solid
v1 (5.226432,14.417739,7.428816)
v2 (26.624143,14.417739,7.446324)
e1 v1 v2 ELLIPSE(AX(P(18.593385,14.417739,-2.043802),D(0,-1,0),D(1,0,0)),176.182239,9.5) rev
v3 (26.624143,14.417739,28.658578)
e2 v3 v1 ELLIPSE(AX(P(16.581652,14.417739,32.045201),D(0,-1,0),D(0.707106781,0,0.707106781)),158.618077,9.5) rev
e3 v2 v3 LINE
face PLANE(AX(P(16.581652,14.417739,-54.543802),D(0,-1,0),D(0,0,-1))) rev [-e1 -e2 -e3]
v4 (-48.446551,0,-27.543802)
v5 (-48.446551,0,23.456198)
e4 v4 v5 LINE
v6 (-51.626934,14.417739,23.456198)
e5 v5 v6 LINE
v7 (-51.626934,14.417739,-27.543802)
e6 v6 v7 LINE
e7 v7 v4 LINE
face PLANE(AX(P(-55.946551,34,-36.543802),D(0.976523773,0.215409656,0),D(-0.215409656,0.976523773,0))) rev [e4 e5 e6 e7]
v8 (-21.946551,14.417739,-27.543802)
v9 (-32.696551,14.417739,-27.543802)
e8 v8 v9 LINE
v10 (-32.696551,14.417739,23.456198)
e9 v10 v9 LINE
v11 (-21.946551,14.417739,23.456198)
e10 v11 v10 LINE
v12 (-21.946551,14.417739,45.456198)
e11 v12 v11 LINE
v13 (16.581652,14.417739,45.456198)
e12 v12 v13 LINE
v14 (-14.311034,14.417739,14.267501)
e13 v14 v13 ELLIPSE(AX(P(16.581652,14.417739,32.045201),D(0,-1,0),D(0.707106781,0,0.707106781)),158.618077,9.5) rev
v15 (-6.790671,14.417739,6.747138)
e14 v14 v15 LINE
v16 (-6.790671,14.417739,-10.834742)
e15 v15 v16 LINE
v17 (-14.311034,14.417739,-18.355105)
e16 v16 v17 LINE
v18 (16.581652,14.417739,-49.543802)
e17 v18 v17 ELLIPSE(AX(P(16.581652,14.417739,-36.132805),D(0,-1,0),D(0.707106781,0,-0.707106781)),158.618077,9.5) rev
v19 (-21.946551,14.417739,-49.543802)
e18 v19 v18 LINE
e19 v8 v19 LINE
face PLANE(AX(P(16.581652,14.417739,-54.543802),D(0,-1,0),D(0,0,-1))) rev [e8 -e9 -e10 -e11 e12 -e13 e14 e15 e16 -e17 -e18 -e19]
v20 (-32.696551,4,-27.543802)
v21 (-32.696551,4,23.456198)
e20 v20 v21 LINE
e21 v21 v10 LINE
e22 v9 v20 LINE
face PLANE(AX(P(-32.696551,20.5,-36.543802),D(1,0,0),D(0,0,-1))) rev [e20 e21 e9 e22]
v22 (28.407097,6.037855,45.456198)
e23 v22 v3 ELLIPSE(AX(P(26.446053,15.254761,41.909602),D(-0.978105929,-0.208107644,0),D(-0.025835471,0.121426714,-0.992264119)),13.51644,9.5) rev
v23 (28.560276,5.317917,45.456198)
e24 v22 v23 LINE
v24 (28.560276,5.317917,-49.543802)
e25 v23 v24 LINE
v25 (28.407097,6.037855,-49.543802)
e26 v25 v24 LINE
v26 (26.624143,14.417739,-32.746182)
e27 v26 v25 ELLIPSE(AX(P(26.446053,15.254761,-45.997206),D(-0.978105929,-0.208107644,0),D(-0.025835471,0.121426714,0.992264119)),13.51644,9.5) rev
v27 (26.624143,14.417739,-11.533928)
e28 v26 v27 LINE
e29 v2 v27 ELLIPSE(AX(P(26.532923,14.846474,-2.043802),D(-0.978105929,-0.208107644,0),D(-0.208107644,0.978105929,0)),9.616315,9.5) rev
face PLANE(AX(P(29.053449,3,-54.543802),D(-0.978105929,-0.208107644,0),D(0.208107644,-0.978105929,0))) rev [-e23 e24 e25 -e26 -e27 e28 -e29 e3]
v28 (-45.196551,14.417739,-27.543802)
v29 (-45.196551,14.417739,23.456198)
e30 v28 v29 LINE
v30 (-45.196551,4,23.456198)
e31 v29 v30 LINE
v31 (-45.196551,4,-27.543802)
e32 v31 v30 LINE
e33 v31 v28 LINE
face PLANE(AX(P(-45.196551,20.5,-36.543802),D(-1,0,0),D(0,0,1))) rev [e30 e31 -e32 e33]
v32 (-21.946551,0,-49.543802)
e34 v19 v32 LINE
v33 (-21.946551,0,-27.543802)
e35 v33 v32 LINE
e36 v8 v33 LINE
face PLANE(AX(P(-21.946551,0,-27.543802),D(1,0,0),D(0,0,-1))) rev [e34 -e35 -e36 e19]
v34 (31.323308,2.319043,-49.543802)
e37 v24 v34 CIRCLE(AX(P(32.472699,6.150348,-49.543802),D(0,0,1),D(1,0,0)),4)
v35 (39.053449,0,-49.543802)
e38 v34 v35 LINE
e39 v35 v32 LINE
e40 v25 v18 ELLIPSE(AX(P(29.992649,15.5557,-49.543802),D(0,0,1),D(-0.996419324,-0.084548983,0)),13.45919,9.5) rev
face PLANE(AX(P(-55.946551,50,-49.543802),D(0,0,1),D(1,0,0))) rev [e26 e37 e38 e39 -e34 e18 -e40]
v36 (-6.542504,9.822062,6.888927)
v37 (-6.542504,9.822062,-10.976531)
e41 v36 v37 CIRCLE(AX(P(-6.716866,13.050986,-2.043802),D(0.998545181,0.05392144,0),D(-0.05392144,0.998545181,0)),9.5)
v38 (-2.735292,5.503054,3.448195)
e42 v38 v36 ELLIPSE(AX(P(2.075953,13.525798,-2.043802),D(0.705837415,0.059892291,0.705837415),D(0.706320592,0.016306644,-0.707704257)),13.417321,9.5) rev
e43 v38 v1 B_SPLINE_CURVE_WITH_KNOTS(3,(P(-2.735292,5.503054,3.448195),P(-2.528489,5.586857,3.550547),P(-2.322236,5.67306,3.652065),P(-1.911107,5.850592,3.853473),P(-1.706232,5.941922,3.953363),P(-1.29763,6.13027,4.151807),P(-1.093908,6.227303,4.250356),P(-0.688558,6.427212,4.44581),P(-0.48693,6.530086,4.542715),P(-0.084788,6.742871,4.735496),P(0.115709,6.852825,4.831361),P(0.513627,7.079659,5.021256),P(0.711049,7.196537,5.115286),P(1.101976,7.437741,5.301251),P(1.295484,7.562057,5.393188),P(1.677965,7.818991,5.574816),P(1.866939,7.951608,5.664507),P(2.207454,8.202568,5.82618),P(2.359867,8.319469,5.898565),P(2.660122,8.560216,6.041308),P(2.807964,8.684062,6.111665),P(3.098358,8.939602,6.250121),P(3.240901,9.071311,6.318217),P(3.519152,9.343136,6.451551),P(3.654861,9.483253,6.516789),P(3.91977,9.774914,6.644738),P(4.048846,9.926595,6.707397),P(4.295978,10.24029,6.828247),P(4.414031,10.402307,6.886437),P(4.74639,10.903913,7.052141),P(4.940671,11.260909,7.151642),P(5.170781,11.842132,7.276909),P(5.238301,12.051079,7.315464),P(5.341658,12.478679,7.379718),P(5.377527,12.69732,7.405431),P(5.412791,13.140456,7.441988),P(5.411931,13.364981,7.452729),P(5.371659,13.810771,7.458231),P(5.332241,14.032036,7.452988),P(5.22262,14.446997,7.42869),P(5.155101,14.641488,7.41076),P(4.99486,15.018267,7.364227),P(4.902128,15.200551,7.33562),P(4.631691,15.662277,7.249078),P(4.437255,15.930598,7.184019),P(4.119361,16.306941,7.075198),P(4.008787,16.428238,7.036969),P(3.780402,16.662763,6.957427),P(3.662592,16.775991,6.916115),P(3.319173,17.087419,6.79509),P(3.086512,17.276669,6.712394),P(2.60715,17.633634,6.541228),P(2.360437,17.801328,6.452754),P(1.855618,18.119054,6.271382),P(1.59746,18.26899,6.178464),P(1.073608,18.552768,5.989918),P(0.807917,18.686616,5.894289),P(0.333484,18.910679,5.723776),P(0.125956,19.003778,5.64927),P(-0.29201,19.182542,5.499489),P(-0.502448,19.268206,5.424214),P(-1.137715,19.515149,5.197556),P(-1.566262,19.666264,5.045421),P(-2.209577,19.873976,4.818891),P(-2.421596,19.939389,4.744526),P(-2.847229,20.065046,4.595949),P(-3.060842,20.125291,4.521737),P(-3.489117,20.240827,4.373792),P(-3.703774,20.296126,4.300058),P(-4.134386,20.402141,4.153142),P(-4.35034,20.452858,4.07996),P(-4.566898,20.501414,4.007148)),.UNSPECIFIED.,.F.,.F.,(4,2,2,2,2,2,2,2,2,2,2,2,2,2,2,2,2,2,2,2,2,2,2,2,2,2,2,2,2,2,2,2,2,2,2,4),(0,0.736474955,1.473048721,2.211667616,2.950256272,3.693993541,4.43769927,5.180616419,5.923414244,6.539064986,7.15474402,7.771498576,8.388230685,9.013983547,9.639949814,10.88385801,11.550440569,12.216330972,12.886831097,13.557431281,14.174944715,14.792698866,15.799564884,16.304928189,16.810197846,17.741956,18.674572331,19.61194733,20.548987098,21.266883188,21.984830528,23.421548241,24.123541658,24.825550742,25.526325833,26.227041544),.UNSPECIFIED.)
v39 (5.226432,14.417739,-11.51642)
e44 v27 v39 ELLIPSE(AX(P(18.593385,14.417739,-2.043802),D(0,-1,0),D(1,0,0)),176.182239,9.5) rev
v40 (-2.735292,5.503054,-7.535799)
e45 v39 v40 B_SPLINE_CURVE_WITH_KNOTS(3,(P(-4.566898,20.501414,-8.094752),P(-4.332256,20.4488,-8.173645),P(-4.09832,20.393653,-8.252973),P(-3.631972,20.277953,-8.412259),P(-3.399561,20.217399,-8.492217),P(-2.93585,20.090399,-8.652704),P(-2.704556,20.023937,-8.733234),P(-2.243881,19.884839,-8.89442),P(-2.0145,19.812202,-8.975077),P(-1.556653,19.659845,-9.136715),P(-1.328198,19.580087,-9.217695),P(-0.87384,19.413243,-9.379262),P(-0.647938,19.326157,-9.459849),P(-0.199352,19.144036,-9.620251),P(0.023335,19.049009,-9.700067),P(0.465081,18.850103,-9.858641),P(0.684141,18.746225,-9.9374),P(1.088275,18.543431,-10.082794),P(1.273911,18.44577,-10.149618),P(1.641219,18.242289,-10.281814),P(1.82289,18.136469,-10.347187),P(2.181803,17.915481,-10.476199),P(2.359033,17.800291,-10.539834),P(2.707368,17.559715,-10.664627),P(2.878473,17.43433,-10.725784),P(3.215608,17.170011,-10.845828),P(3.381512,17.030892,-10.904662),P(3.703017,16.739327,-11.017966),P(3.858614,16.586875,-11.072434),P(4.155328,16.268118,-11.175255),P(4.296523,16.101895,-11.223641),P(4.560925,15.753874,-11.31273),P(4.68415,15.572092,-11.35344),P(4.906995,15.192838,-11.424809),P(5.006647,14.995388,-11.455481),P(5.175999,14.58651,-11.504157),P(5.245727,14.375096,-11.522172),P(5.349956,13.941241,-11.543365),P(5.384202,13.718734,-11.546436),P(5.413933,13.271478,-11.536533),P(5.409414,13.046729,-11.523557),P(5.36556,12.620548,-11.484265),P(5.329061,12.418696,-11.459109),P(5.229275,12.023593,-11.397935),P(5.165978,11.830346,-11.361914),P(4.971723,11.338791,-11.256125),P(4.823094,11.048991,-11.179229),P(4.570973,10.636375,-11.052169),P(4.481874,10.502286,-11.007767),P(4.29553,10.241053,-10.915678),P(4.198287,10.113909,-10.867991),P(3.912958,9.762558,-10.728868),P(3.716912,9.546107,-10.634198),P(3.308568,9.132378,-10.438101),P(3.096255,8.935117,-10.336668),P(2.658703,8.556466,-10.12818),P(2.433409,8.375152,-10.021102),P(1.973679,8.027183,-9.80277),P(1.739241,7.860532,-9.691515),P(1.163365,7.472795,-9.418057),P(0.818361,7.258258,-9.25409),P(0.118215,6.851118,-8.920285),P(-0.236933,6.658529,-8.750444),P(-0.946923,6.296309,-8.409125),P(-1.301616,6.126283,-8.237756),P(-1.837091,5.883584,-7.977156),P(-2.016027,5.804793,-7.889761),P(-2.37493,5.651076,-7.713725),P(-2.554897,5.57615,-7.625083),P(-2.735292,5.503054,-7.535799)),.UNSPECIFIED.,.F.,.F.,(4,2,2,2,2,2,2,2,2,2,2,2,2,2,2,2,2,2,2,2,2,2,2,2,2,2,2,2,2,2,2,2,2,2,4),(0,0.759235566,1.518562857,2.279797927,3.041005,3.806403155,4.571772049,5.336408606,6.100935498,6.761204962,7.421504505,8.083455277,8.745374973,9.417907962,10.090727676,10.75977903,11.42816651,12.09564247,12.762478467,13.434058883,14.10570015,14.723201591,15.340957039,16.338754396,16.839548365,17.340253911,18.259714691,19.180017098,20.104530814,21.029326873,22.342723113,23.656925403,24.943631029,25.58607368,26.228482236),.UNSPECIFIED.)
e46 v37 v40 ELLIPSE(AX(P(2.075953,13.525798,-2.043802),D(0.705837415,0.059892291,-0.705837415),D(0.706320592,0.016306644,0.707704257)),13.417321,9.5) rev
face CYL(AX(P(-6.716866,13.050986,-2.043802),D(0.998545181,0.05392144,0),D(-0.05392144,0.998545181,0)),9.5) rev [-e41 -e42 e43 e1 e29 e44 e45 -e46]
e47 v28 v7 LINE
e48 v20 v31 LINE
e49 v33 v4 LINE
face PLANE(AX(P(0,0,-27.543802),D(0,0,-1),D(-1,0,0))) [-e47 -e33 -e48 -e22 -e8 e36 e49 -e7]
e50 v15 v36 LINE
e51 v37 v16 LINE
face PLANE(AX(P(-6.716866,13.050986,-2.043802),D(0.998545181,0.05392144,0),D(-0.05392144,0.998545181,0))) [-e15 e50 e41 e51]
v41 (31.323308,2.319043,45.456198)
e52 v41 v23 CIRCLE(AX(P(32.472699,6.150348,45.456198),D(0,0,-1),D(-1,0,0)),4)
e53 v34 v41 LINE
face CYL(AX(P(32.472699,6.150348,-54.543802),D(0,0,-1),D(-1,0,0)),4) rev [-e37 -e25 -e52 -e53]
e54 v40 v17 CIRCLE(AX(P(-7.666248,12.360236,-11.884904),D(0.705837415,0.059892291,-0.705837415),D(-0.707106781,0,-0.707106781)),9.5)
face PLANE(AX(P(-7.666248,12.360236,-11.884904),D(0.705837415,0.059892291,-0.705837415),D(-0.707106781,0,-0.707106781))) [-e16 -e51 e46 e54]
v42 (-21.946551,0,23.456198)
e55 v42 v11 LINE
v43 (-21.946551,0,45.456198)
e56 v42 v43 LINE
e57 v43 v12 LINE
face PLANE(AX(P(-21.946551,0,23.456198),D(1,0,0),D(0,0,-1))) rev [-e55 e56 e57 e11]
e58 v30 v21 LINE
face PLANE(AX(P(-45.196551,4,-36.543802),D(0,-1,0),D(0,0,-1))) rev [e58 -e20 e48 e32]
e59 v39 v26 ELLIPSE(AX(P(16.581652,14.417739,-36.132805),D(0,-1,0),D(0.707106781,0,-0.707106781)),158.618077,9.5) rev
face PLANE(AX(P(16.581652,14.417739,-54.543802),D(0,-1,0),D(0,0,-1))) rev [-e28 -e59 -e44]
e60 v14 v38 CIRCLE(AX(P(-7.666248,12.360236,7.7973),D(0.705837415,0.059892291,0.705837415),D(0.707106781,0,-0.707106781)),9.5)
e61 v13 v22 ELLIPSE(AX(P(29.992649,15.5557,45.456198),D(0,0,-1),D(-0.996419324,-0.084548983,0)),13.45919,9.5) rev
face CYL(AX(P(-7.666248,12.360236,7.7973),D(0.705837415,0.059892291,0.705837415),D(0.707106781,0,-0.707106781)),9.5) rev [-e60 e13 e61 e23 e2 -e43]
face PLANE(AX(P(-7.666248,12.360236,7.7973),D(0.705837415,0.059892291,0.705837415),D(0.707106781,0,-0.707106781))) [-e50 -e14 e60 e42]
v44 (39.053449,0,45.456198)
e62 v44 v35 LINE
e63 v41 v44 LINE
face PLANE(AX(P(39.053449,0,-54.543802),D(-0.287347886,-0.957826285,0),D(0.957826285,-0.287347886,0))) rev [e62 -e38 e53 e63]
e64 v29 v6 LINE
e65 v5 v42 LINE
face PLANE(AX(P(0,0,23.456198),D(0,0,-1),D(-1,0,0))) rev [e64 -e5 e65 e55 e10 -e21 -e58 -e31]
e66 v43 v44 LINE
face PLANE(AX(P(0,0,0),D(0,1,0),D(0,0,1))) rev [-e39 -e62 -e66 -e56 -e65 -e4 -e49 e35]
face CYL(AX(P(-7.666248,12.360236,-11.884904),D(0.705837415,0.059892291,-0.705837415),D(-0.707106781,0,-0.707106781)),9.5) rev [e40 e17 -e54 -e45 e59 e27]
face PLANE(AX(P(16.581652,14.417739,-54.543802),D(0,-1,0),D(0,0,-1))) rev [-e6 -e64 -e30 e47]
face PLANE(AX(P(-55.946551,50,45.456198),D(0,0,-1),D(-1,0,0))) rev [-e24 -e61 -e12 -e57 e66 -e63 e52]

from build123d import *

# Parameters (mm, degrees)
SKETCH1_W           = 95
SKETCH1_H           = 95
BOSS_EXTRUDE1_DEPTH = 50
CUT_EXTRUDE1_DEPTH  = 100
SKETCH3_R           = 9.5
CUT_EXTRUDE2_DEPTH  = 45
CUT_EXTRUDE4_DEPTH  = 45
CUT_EXTRUDE5_DEPTH  = 45
CUT_EXTRUDE6_DEPTH  = 45
CUT_EXTRUDE7_DEPTH  = 45
SKETCH9_R           = 9.5
CUT_EXTRUDE9_DEPTH  = 45
SKETCH11_R          = 9.5
CUT_EXTRUDE10_DEPTH = 45
SKETCH12_W          = 31.985759797
SKETCH12_H          = 95
BOSS_EXTRUDE2_DEPTH = 45
CUT_EXTRUDE11_DEPTH = 100
SKETCH14_R          = 9.5
CUT_EXTRUDE12_DEPTH = 100
SKETCH15_R          = 9.5
CUT_EXTRUDE13_DEPTH = 100
SKETCH16_R          = 9.5
CUT_EXTRUDE14_DEPTH = 100
FILLET2_R           = 4
SKETCH17_W          = 34
SKETCH17_H          = 34
CUT_EXTRUDE16_DEPTH = 22
SKETCH19_W          = 34
SKETCH19_H          = 34
CUT_EXTRUDE17_DEPTH = 22
SKETCH20_W          = 12.5
SKETCH20_H          = 16.5
CUT_EXTRUDE18_DEPTH = 60
CUT_EXTRUDE19_DEPTH = 60
CUT_EXTRUDE20_DEPTH = 100


with BuildPart() as part:
    # Sketch1 → Boss-Extrude1 (new body)
    with BuildSketch(Plane(origin=(0, 0, 0), x_dir=(1, 0, 0), z_dir=(0, 1, 0))):
        with Locations((-8.446550514, 2.043801884)):
            Rectangle(SKETCH1_W, SKETCH1_H)
    extrude(amount=BOSS_EXTRUDE1_DEPTH)

    # Sketch2 → Cut-Extrude1 (cut)
    with BuildSketch(Plane.XY.offset(45.456198116)):
        Polygon((39.053449486, 0), (36.353449486, 50), (39.053449486, 50), align=None)
    extrude(amount=-CUT_EXTRUDE1_DEPTH, mode=Mode.SUBTRACT)

    # Sketch3 → Cut-Extrude2 (cut)
    with BuildSketch(Plane(origin=(38.939900735, 2.10275464, 0), x_dir=(0, 0, -1), z_dir=(0.998545181, 0.05392144, 0))):
        with Locations((2.043801884, 13.394181776)):
            Circle(SKETCH3_R)
    extrude(amount=-CUT_EXTRUDE2_DEPTH, mode=Mode.SUBTRACT)

    # Sketch5 → Cut-Extrude4 (cut)
    with BuildSketch(Plane(origin=(0, 50, 0), x_dir=(1, 0, 0), z_dir=(0, 1, 0))):
        Polygon((39.053449486, 49.543801884), (39.053449486, 29.543801884), (19.053449486, 49.543801884), align=None)
        Polygon((39.053449486, -45.456198116), (39.053449486, -25.456198116), (19.053449486, -45.456198116), align=None)
    extrude(amount=-CUT_EXTRUDE4_DEPTH, mode=Mode.SUBTRACT)

    # Sketch6 → Cut-Extrude5 (cut)
    with BuildSketch(Plane(origin=(0, 50, 0), x_dir=(1, 0, 0), z_dir=(0, 1, 0))):
        Polygon((19.053449486, -45.456198116), (12.925569587, -39.328318218), (6.797689689, -45.456198116), align=None)
        Polygon((19.053449486, 49.543801884), (12.925569587, 43.415921985), (6.797689689, 49.543801884), align=None)
    extrude(amount=-CUT_EXTRUDE5_DEPTH, mode=Mode.SUBTRACT)

    # Sketch7 → Cut-Extrude6 (cut)
    with BuildSketch(Plane(origin=(-13.201374315, 0, 13.201374315), x_dir=(0.707106781, 0, 0.707106781), z_dir=(-0.707106781, 0, 0.707106781))):
        Polygon((45.615209271, 5), (42.915209271, 50), (45.615209271, 50), align=None)
    extrude(amount=-CUT_EXTRUDE6_DEPTH, mode=Mode.SUBTRACT)

    # Sketch8 → Cut-Extrude7 (cut)
    with BuildSketch(Plane(origin=(-15.245176199, 0, -15.245176199), x_dir=(-0.707106781, 0, 0.707106781), z_dir=(-0.707106781, 0, -0.707106781))):
        Polygon((-48.505581614, 5), (-45.805581614, 50), (-48.505581614, 50), align=None)
    extrude(amount=-CUT_EXTRUDE7_DEPTH, mode=Mode.SUBTRACT)

    # Sketch9 → Cut-Extrude9 (cut)
    with BuildSketch(Plane(origin=(34.386964646, 2.917830706, -34.386964646), x_dir=(-0.708373873, 0.059677836, -0.70331004), z_dir=(0.705837415, 0.059892291, -0.705837415))):
        with Locations((14.526974541, 11.311121921)):
            Circle(SKETCH9_R)
    extrude(amount=-CUT_EXTRUDE9_DEPTH, mode=Mode.SUBTRACT)

    # Sketch11 → Cut-Extrude10 (cut)
    with BuildSketch(Plane(origin=(32.350494057, 2.745030447, 32.350494057), x_dir=(0.70331004, 0.059677836, -0.708373873), z_dir=(0.705837415, 0.059892291, 0.705837415))):
        with Locations((-10.17752107, 12.964151979)):
            Circle(SKETCH11_R)
    extrude(amount=-CUT_EXTRUDE10_DEPTH, mode=Mode.SUBTRACT)

    # Sketch12 → Boss-Extrude2 (add)
    with BuildSketch(Plane(origin=(0, 5, 0), x_dir=(1, 0, 0), z_dir=(0, 1, 0))):
        with Locations((22.790569588, 2.043801884)):
            Rectangle(SKETCH12_W, SKETCH12_H)
    extrude(amount=BOSS_EXTRUDE2_DEPTH)

    # Sketch13 → Cut-Extrude11 (cut)
    with BuildSketch(Plane.XY.offset(45.456198116)):
        Polygon((39.053449486, 0), (29.053449486, 3), (19.053449486, 50), (49.745275601, 50), align=None)
    extrude(amount=-CUT_EXTRUDE11_DEPTH, mode=Mode.SUBTRACT)

    # Sketch14 → Cut-Extrude12 (cut)
    with BuildSketch(Plane(origin=(-5.994632406, -0.32371015, 0), x_dir=(0, 0, -1), z_dir=(0.998545181, 0.05392144, 0))):
        with Locations((2.043801884, 13.394181776)):
            Circle(SKETCH14_R)
    extrude(amount=CUT_EXTRUDE12_DEPTH, mode=Mode.SUBTRACT)

    # Sketch15 → Cut-Extrude13 (cut)
    with BuildSketch(Plane(origin=(0.587810371, 0.049877364, 0.587810371), x_dir=(0.70331004, 0.059677836, -0.708373873), z_dir=(0.705837415, 0.059892291, 0.705837415))):
        with Locations((-10.17752107, 12.964151979)):
            Circle(SKETCH15_R)
    extrude(amount=CUT_EXTRUDE13_DEPTH, mode=Mode.SUBTRACT)

    # Sketch16 → Cut-Extrude14 (cut)
    with BuildSketch(Plane(origin=(2.62428096, 0.222677624, -2.62428096), x_dir=(-0.708373873, 0.059677836, -0.70331004), z_dir=(0.705837415, 0.059892291, -0.705837415))):
        with Locations((14.526974541, 11.311121921)):
            Circle(SKETCH16_R)
    extrude(amount=CUT_EXTRUDE14_DEPTH, mode=Mode.SUBTRACT)

    # Fillet2
    fillet2_edges = [part.edges().sort_by_distance(p)[0] for p in [
        (29.053449486, 3, -2.043801884),
    ]]
    fillet(fillet2_edges, radius=FILLET2_R)

    # Sketch17 → Cut-Extrude16 (cut)
    with BuildSketch(Plane.XY.offset(45.456198116)):
        with Locations((-38.946550514, 17)):
            Rectangle(SKETCH17_W, SKETCH17_H)
    extrude(amount=-CUT_EXTRUDE16_DEPTH, mode=Mode.SUBTRACT)

    # Sketch19 → Cut-Extrude17 (cut)
    with BuildSketch(Plane(origin=(0, 0, -49.543801884), x_dir=(-1, 0, 0), z_dir=(0, 0, -1))):
        with Locations((38.946550514, 17)):
            Rectangle(SKETCH19_W, SKETCH19_H)
    extrude(amount=-CUT_EXTRUDE17_DEPTH, mode=Mode.SUBTRACT)

    # Sketch20 → Cut-Extrude18 (cut)
    with BuildSketch(Plane.XY.offset(23.456198116)):
        with Locations((-38.946550514, 12.25)):
            Rectangle(SKETCH20_W, SKETCH20_H)
    extrude(amount=-CUT_EXTRUDE18_DEPTH, mode=Mode.SUBTRACT)

    # Sketch21 → Cut-Extrude19 (cut)
    with BuildSketch(Plane.XY.offset(23.456198116)):
        Polygon((-55.946550514, 34), (-48.446550514, 0), (-55.946550514, 0), align=None)
    extrude(amount=-CUT_EXTRUDE19_DEPTH, mode=Mode.SUBTRACT)

    # Sketch22 → Cut-Extrude20 (cut)
    with BuildSketch(Plane.XY.offset(45.456198116)):
        Polygon((16.581652311, 14.417739075), (-57.762384818, 14.417739075), (-57.762384818, 55.877932289), (42.054048577, 55.877932289), (42.054048577, 14.417739075), align=None)
    extrude(amount=-CUT_EXTRUDE20_DEPTH, mode=Mode.SUBTRACT)


solid = part.part
